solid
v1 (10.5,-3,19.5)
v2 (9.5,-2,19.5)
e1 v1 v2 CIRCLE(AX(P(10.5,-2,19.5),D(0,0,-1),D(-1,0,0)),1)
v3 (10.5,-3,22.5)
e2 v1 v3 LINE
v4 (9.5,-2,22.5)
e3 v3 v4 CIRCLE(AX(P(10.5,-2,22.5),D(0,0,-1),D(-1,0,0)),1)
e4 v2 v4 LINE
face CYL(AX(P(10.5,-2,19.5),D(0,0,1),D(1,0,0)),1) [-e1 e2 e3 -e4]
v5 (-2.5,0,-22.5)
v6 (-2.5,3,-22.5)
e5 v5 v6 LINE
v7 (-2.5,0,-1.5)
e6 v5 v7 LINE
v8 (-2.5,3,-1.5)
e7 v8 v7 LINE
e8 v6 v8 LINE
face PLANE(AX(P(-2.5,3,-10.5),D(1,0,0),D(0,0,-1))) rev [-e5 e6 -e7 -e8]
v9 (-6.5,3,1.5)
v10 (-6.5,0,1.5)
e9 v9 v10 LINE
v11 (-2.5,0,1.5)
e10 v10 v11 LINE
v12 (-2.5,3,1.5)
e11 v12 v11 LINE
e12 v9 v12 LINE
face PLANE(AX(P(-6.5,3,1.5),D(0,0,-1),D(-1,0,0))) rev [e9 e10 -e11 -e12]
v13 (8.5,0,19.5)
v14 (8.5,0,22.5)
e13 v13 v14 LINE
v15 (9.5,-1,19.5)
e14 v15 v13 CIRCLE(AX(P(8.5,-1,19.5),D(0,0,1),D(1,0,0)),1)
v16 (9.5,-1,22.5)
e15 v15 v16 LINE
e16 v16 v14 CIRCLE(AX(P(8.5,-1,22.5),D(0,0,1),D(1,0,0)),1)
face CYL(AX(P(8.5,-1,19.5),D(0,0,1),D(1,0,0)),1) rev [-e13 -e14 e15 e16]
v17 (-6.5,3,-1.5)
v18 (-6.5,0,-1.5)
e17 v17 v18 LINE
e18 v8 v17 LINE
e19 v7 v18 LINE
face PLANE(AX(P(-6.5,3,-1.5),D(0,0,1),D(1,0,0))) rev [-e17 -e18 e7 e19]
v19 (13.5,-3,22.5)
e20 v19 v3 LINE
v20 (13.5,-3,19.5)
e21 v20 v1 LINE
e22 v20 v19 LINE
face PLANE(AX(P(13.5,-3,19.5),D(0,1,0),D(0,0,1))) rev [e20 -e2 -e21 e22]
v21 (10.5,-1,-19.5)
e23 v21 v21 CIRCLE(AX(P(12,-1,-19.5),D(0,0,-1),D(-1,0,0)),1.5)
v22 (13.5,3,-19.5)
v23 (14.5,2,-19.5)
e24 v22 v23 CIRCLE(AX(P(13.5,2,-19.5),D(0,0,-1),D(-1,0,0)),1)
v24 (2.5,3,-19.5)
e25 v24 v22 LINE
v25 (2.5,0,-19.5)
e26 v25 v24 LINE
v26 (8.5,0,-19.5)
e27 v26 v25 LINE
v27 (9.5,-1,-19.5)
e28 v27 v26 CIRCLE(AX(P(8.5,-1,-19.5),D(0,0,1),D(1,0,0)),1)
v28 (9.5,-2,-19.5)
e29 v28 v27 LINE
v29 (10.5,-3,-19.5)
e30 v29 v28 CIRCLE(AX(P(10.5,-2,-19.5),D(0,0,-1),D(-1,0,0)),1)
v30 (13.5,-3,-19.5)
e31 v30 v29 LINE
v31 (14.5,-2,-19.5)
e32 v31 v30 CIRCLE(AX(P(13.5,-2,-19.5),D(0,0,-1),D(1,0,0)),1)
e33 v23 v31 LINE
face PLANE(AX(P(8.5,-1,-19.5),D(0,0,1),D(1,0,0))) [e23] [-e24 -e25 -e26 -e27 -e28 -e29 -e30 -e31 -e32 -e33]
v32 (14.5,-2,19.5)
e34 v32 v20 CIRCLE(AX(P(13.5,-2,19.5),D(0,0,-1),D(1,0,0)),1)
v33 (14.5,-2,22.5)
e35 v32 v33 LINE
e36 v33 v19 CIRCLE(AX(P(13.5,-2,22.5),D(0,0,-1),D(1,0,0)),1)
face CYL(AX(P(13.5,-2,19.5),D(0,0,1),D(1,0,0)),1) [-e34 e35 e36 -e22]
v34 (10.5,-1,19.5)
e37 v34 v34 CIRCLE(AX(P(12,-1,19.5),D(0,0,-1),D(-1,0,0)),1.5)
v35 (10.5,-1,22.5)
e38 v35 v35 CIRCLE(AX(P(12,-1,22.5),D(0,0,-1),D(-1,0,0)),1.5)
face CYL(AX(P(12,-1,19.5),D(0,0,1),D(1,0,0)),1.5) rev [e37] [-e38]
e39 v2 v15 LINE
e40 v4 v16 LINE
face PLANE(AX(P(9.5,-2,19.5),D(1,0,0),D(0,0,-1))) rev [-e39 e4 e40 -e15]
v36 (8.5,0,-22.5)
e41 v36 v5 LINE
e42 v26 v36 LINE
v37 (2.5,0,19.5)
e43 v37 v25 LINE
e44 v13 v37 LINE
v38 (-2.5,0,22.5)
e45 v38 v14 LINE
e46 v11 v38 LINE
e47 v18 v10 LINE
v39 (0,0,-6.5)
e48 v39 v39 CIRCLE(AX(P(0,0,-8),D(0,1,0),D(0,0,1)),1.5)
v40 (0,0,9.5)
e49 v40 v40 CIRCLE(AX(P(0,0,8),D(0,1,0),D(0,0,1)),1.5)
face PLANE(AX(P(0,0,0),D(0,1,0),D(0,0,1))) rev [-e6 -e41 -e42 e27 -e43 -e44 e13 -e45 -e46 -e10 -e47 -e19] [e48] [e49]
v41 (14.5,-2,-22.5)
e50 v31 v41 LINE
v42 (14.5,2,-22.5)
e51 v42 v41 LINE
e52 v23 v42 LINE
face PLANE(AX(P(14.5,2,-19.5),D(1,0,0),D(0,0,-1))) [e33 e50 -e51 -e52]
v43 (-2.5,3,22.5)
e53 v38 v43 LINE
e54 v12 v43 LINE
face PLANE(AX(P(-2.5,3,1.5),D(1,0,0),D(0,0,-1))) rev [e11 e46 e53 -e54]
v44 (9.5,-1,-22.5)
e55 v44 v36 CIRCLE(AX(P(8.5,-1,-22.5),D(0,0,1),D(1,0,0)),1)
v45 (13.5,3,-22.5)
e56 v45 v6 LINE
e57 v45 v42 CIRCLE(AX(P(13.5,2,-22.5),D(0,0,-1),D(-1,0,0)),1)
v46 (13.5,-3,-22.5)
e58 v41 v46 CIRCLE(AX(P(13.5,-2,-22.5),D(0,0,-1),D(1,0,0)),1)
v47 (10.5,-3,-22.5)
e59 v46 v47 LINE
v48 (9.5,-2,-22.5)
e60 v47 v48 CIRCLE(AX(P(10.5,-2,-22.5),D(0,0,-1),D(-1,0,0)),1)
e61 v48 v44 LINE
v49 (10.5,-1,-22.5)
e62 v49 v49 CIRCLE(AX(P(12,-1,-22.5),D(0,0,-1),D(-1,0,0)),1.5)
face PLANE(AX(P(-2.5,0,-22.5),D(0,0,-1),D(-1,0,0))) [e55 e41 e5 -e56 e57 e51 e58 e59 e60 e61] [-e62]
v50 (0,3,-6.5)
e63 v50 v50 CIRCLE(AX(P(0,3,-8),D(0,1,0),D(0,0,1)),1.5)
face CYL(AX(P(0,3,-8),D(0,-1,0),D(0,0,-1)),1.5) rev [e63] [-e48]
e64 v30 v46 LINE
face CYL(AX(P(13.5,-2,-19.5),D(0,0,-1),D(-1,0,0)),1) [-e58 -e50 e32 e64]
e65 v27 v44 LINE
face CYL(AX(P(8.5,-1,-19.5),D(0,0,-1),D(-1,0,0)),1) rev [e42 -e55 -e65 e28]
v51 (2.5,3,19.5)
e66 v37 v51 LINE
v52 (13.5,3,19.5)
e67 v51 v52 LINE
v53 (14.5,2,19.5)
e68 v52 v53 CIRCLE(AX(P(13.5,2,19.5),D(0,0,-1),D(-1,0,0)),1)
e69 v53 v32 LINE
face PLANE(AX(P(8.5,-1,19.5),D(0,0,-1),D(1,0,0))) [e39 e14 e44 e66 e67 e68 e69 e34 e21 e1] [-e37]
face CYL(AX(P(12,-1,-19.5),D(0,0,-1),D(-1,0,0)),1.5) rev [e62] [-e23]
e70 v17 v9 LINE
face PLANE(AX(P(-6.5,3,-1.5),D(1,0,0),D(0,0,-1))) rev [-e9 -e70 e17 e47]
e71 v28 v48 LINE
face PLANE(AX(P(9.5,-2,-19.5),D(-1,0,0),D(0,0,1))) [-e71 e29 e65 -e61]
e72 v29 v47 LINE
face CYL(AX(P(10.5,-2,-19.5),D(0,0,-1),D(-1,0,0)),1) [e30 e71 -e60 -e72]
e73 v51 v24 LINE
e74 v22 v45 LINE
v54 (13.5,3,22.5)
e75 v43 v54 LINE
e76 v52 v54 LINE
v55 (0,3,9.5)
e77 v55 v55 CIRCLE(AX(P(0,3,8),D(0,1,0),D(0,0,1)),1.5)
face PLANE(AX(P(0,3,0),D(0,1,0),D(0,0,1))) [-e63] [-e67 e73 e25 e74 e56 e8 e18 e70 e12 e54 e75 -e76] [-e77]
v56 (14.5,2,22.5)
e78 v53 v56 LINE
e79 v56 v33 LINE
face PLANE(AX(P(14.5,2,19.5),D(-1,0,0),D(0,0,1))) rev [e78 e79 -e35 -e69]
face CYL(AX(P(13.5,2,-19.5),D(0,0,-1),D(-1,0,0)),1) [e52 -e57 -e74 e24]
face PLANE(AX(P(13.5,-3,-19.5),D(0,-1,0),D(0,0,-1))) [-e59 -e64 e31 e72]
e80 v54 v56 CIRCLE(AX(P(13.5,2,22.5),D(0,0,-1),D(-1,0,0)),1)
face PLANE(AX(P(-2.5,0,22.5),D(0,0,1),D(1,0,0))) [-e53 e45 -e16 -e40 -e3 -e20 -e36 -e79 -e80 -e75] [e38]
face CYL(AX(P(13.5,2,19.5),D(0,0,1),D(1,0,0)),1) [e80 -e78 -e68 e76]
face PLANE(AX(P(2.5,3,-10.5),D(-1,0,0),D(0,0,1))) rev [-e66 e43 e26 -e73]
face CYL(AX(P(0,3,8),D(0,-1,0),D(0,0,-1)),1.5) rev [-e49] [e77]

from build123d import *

# Parameters (mm, degrees)
SKETCH_1_R      = 1.5
EXTRUDE_1_DEPTH = 3
SKETCH_3_W      = 5
SKETCH_3_H      = 12
EXTRUDE_2_DEPTH = 3
SKETCH_4_R      = 1.5
EXTRUDE_3_DEPTH = 3


with BuildPart() as part:
    # 草图1 → 凸台-拉伸1 (new body)
    with BuildSketch(Plane(origin=(0, 0, 0), x_dir=(1, 0, 0), z_dir=(0, 1, 0))):
        Polygon((-2.5, -1.5), (-2.5, -10.5), (2.5, -10.5), (2.5, 10.5), (-2.5, 10.5), (-2.5, 1.5), (-6.5, 1.5), (-6.5, -1.5), align=None)
        with Locations(Location((0, 8, 0), (0, 0, 270))):
            Circle(SKETCH_1_R, mode=Mode.SUBTRACT)
        with Locations(Location((0, -8, 0), (0, 0, 270))):
            Circle(SKETCH_1_R, mode=Mode.SUBTRACT)
    extrude(amount=EXTRUDE_1_DEPTH)

    # 草图3 → 凸台-拉伸2 (add)
    with BuildSketch(Plane(origin=(0, 3, 0), x_dir=(1, 0, 0), z_dir=(0, 1, 0))):
        with Locations((0, 16.5)):
            Rectangle(SKETCH_3_W, SKETCH_3_H)
        with Locations((0, -16.5)):
            Rectangle(SKETCH_3_W, SKETCH_3_H)
    extrude(amount=-EXTRUDE_2_DEPTH)

    # 草图4 → 凸台-拉伸3 (add)
    with BuildSketch(Plane(origin=(0, 0, -22.5), x_dir=(-1, 0, 0), z_dir=(0, 0, -1))):
        with BuildLine():
            Line((-2.5, 3), (-13.5, 3))
            ThreePointArc((-13.5, 3), (-14.207106781, 2.707106781), (-14.5, 2))
            Line((-14.5, 2), (-14.5, -2))
            ThreePointArc((-14.5, -2), (-14.207106781, -2.707106781), (-13.5, -3))
            Line((-13.5, -3), (-10.5, -3))
            ThreePointArc((-10.5, -3), (-9.792893219, -2.707106781), (-9.5, -2))
            Line((-9.5, -2), (-9.5, -1))
            ThreePointArc((-9.5, -1), (-9.207106781, -0.292893219), (-8.5, 0))
            Line((-8.5, 0), (-2.5, 0))
            Line((-2.5, 0), (-2.5, 3))
        make_face()
        with Locations((-12, -1)):
            Circle(SKETCH_4_R, mode=Mode.SUBTRACT)
    extrude_3 = extrude(amount=-EXTRUDE_3_DEPTH)

    # 镜向1: 凸台-拉伸3 across plane
    add(extrude_3.mirror(Plane.XY))


solid = part.part
